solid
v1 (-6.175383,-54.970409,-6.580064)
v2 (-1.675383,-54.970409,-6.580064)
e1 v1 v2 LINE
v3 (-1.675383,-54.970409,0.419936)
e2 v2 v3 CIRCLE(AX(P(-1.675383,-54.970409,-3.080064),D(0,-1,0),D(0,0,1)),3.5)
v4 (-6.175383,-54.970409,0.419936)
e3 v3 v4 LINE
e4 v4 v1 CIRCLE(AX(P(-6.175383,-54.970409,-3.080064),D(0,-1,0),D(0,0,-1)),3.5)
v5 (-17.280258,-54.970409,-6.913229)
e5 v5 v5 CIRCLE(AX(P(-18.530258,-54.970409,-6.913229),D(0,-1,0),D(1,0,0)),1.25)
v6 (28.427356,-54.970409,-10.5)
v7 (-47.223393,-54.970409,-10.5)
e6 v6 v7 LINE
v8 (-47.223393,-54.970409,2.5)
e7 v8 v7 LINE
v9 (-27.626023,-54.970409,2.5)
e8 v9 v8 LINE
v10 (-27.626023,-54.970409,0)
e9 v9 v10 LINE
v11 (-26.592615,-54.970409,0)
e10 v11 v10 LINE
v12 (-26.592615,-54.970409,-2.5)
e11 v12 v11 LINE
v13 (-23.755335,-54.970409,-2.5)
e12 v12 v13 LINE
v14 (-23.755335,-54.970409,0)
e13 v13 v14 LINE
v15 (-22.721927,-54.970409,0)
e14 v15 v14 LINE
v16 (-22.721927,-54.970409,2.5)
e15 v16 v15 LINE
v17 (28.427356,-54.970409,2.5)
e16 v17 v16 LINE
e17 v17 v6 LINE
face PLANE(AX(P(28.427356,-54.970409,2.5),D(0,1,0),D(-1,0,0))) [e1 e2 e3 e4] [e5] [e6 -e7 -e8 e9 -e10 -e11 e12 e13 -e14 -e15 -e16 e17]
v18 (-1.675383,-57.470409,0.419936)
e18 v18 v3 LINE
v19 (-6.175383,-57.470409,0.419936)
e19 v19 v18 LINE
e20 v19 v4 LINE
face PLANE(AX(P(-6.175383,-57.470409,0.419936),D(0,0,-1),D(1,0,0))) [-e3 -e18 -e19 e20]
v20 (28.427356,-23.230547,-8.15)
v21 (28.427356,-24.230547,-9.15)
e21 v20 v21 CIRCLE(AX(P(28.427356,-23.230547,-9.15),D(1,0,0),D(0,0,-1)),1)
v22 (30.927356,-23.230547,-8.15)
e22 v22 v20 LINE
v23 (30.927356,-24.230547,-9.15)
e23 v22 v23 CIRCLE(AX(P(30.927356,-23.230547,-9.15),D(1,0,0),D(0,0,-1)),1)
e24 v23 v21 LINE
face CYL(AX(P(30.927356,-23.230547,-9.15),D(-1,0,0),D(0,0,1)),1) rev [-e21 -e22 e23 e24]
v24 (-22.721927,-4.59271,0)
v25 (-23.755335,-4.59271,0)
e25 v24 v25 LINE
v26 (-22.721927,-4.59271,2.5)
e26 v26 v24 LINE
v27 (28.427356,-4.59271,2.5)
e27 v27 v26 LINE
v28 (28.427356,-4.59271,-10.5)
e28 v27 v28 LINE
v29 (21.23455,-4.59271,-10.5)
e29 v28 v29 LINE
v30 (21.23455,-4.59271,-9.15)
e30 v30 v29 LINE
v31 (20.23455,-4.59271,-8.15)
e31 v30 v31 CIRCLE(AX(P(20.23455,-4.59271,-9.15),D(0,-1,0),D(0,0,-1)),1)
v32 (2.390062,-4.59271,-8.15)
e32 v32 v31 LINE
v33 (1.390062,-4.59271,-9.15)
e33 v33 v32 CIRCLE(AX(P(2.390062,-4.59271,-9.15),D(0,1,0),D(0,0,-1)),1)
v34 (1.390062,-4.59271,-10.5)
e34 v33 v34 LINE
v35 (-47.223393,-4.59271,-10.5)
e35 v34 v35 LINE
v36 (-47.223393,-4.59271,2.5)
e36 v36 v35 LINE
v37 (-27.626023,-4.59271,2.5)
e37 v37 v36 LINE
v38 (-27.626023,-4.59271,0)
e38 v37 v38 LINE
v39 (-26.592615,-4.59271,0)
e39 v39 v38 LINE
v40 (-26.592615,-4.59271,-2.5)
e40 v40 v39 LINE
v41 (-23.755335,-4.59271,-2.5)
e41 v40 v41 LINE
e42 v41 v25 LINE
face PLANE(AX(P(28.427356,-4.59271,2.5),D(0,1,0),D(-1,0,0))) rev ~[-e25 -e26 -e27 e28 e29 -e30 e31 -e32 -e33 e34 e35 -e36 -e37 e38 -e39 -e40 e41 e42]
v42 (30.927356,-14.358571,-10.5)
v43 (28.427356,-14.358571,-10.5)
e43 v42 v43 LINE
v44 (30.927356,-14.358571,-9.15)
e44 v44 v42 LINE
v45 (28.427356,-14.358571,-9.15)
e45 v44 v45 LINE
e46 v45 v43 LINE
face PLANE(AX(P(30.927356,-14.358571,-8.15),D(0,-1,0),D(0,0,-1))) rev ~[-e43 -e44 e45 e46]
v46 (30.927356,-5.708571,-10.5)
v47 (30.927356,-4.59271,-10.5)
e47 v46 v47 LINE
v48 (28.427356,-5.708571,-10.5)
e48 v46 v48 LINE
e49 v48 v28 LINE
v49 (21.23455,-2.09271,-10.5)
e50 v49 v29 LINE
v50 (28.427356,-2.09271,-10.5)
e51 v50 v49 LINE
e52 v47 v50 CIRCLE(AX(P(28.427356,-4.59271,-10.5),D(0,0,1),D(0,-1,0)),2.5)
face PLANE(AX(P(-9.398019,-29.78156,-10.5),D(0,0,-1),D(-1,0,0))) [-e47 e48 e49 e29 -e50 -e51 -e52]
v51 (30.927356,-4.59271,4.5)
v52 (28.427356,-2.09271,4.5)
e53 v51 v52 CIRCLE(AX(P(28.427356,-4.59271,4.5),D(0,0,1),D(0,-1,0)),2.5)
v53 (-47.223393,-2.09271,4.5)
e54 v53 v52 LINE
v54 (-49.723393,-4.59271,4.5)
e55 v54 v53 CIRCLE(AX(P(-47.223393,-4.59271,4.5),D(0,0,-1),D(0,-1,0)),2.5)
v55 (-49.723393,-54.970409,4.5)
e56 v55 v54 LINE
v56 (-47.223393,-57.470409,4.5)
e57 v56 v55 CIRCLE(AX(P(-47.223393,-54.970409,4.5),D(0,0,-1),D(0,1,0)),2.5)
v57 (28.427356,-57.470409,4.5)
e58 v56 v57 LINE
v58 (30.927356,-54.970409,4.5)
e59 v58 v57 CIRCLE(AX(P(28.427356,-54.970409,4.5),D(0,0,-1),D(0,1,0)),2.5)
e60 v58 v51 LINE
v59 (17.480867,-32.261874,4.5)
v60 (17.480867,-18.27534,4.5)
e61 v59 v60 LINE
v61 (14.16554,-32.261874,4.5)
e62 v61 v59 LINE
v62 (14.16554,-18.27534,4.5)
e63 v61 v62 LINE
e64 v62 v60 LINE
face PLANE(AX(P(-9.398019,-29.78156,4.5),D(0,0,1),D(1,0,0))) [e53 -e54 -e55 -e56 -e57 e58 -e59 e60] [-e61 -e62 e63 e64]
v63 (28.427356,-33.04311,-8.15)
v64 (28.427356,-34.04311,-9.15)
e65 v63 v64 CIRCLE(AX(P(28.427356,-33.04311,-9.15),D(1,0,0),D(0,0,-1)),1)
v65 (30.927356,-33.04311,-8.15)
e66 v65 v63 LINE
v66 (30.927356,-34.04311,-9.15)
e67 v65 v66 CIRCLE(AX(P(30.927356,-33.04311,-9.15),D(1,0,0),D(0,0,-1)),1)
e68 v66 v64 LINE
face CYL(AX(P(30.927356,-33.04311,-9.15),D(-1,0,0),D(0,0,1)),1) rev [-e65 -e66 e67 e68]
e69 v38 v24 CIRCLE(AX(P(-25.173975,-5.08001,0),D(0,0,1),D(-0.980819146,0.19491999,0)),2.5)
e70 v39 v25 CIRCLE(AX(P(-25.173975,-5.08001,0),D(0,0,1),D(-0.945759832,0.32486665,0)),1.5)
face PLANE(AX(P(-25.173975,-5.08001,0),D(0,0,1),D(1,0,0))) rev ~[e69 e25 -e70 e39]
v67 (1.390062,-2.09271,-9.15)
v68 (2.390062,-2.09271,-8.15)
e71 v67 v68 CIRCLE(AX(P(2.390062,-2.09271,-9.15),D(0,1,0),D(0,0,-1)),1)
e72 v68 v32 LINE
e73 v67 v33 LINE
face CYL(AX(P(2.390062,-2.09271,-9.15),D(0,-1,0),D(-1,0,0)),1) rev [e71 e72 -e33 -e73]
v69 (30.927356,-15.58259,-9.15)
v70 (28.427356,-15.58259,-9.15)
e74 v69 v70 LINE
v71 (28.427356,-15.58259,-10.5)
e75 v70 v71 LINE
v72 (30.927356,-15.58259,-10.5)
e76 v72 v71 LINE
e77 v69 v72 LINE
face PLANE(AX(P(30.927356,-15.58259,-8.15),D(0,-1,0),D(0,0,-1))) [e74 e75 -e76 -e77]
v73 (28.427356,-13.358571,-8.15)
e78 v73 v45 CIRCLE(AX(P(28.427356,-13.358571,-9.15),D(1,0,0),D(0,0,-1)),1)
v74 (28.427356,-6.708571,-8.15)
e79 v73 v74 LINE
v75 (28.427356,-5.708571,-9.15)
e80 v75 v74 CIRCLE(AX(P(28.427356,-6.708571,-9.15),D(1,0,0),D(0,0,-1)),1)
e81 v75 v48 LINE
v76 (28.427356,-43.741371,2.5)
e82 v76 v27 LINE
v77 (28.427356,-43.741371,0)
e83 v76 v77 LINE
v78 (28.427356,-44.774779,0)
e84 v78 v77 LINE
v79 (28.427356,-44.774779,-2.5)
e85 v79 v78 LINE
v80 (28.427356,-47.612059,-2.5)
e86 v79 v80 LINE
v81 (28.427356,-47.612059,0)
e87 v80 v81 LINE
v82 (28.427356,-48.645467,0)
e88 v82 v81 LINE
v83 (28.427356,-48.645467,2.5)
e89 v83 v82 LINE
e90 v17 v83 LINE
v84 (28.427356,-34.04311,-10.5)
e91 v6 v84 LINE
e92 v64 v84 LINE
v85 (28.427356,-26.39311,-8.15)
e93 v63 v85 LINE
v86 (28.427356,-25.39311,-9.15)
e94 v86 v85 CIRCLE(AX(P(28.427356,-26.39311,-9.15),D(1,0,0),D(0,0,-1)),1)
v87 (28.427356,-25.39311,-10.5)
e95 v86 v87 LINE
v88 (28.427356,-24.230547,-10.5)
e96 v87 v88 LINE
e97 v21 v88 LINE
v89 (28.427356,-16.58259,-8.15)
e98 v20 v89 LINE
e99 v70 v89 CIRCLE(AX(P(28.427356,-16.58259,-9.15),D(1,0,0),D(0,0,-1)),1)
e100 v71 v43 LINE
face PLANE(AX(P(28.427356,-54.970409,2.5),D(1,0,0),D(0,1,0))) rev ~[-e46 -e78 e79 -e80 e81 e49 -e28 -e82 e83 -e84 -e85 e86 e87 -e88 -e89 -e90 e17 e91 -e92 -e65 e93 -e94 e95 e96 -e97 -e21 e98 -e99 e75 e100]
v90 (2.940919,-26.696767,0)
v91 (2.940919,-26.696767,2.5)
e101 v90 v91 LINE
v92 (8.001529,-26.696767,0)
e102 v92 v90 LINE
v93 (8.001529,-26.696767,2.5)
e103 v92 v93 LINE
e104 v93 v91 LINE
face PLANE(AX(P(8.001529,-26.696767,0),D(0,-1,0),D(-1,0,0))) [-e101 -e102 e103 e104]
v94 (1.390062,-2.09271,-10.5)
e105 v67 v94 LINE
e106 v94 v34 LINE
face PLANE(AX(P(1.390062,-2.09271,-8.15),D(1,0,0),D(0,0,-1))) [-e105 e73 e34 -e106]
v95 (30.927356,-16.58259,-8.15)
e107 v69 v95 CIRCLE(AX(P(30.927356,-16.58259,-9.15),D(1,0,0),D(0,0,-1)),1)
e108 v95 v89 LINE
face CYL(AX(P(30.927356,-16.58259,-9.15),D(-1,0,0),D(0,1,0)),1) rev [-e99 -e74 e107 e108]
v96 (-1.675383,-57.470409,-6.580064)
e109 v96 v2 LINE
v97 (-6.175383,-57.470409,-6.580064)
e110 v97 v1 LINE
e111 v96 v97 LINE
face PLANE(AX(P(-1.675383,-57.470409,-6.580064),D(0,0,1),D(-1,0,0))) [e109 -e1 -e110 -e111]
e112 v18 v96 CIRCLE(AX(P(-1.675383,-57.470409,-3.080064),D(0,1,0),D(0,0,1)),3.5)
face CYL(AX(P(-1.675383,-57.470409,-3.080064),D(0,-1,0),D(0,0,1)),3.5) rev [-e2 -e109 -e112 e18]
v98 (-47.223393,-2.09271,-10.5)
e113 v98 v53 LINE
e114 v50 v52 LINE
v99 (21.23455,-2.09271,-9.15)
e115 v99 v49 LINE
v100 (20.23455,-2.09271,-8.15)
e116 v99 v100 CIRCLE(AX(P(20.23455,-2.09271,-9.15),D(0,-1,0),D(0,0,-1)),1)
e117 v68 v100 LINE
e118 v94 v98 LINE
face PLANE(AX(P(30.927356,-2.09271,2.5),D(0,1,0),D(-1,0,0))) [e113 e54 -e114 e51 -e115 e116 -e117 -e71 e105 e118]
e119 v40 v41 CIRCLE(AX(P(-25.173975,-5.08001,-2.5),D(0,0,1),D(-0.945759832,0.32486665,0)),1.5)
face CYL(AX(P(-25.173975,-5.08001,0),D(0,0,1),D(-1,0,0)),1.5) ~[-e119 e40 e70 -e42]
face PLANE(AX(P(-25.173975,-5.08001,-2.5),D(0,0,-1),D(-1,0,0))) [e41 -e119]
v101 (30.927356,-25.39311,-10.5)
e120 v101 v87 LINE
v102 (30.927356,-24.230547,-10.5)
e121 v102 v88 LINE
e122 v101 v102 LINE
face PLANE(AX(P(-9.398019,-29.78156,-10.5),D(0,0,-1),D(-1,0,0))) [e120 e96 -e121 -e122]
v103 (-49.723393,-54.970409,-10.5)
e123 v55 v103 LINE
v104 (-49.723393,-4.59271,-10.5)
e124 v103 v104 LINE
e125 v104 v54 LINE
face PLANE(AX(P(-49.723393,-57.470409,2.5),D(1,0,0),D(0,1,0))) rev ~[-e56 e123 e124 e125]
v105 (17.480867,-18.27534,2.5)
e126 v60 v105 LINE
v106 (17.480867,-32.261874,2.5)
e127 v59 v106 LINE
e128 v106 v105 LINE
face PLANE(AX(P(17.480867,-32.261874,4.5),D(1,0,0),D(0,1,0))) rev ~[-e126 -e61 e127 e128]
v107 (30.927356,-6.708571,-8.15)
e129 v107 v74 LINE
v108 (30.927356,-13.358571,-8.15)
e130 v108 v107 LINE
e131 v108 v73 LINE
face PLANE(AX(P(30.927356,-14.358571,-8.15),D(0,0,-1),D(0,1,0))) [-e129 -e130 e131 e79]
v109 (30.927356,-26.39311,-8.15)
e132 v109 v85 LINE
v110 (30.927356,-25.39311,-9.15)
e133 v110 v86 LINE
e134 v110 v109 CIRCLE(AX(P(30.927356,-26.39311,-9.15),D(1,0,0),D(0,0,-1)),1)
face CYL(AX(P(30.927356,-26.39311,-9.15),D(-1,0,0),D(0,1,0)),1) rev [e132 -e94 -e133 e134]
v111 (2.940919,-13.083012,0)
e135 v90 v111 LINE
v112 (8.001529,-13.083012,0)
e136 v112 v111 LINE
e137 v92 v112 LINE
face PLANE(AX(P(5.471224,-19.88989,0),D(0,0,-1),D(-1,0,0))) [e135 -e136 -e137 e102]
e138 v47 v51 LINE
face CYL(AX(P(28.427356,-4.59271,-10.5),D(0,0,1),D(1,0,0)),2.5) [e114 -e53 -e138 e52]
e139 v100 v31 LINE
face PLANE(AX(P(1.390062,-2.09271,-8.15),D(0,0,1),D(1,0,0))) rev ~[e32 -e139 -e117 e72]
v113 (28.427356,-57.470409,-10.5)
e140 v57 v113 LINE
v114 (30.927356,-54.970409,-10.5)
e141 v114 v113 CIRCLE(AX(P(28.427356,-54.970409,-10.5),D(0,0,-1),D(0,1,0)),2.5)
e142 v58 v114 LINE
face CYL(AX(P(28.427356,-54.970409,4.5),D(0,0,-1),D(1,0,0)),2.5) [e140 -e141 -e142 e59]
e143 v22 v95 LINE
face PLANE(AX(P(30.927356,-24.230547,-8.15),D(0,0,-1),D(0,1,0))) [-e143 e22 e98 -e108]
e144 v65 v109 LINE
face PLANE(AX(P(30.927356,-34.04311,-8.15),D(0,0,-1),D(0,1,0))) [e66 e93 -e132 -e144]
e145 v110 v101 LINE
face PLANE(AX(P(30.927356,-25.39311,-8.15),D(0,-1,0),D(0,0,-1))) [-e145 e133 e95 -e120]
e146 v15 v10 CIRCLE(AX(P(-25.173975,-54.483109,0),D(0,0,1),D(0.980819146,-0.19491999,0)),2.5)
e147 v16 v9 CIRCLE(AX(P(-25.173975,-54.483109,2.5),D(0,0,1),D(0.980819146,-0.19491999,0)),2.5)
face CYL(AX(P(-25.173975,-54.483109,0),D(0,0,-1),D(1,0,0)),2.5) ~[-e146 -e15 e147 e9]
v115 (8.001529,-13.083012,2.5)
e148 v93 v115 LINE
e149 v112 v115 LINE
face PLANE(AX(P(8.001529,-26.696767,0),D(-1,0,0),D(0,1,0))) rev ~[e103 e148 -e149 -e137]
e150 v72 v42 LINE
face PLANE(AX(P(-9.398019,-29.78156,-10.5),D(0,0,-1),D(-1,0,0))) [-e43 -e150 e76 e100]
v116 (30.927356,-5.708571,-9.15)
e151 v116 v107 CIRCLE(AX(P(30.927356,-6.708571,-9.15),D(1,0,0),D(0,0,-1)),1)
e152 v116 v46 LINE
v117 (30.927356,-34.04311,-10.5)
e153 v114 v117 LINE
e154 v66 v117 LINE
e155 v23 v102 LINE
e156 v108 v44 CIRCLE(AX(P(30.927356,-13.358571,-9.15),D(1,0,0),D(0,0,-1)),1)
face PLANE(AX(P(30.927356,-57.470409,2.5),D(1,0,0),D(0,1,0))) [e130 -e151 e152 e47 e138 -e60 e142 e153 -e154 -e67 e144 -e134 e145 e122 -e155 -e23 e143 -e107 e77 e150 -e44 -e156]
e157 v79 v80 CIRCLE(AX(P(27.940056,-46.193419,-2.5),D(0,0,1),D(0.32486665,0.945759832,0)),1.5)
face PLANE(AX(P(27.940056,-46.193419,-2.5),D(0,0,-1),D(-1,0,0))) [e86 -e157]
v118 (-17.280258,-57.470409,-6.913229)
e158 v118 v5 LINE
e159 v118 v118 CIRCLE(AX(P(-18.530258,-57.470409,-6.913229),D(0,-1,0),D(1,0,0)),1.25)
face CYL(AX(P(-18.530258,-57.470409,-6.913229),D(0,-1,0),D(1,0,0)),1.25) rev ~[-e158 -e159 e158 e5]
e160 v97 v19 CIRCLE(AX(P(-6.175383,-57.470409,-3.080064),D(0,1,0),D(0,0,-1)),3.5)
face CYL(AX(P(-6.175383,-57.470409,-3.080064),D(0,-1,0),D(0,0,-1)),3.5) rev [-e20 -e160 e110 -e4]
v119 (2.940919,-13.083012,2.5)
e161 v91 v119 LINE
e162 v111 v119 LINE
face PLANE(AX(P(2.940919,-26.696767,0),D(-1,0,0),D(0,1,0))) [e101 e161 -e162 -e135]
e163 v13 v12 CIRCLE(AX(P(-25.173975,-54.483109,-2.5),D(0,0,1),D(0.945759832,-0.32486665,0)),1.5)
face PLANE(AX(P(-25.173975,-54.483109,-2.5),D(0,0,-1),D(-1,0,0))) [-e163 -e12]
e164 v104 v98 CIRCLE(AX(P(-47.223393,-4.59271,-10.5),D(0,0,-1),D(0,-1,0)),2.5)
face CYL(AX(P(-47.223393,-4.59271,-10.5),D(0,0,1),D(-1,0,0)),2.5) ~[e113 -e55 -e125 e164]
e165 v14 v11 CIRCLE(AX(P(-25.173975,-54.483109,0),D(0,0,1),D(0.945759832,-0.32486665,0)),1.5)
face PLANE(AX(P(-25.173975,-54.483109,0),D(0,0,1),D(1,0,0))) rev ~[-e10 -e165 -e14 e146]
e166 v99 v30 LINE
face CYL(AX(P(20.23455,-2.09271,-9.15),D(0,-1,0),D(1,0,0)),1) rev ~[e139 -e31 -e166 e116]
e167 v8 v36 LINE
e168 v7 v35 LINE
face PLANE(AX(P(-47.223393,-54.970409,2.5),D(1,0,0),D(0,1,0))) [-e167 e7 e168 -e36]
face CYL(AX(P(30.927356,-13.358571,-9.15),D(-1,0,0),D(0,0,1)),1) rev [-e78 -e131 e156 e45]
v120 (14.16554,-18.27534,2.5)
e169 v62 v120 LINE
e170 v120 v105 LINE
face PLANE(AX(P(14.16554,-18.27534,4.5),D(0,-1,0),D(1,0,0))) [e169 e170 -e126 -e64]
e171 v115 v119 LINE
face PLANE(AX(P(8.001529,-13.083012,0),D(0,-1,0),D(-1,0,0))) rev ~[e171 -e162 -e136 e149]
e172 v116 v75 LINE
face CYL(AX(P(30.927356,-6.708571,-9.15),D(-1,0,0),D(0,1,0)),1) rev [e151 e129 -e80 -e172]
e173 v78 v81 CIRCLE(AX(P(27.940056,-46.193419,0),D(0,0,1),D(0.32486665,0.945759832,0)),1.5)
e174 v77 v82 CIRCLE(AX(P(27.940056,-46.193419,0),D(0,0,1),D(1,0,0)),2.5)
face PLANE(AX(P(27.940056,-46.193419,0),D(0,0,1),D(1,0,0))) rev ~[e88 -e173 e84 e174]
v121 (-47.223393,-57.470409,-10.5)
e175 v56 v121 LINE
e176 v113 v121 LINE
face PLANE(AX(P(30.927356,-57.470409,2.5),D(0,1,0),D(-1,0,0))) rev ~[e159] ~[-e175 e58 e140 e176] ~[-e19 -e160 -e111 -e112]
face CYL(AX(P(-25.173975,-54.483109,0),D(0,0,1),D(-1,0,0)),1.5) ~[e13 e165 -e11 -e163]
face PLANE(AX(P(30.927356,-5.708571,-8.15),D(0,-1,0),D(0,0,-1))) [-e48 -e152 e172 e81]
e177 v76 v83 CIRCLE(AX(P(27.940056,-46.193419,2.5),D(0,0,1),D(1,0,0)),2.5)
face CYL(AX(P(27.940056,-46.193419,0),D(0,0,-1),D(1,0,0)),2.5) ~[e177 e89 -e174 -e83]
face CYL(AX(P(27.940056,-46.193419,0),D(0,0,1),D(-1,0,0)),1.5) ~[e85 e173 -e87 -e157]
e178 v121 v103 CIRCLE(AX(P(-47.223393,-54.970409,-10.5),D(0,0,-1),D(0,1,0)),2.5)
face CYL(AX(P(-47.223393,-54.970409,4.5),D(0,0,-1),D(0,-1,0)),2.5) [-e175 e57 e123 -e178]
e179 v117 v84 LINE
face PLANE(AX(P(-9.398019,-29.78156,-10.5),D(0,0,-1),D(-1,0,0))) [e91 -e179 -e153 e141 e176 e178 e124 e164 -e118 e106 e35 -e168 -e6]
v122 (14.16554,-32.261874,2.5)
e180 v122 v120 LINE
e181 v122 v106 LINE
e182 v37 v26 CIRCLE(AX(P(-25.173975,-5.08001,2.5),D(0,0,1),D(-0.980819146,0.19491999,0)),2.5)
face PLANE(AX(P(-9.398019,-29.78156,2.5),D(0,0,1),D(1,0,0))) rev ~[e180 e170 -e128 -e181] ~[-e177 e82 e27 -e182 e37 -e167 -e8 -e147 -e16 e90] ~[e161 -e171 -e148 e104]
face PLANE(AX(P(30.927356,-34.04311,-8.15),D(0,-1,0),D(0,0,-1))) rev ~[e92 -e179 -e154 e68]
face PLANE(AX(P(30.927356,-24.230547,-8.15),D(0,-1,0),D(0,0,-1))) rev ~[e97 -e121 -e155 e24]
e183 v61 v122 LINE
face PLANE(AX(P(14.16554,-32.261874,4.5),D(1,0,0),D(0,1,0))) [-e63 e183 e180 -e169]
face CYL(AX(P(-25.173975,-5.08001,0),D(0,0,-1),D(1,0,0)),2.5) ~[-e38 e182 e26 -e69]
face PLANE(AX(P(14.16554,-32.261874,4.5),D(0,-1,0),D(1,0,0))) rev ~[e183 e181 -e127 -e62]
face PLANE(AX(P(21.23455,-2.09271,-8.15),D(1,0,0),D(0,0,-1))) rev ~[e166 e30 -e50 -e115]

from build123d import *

# Parameters (mm, degrees)
SKETCH_1_R          = 2.5
EXTRUDE_1_DEPTH     = 2.5
EXTRUDE_1_2_DEPTH   = 2.5
EXTRUDE_1_3_DEPTH   = 2.5
SKETCH_2_R          = 1.5
EXTRUDE_2_DEPTH     = 2.5
SKETCH_3_W          = 5.060610533
SKETCH_3_H          = 13.613755096
EXTRUDE_3_DEPTH     = 2.5
SKETCH_4_W          = 80.650749302
SKETCH_4_H          = 55.377698756
EXTRUDE_4_DEPTH     = 2
SKETCH_5_W          = 80.650749302
SKETCH_5_H          = 55.377698756
SKETCH_5_W_2        = 75.650749302
SKETCH_5_H_2        = 50.377698756
EXTRUDE_5_DEPTH     = 13
FILLET_1_R          = 2.5
CUT_EXTRUDE_1_DEPTH = 2.6
SKETCH_8_W          = 3.315326588
SKETCH_8_H          = 13.986534041
CUT_EXTRUDE_2_DEPTH = 2
SKETCH_9_W          = 2.35
SKETCH_9_H          = 8.65
SKETCH_9_H_2        = 8.647957695
CUT_EXTRUDE_3_DEPTH = 3
FILLET_2_R          = 1
SKETCH_10_W         = 19.844488107
SKETCH_10_H         = 2.35
CUT_EXTRUDE_4_DEPTH = 3
FILLET_3_R          = 1
SKETCH_11_R         = 1.25
CUT_EXTRUDE_5_DEPTH = 6.8


with BuildPart() as part:
    # 草图1 → 凸台-拉伸1 (new body)
    with BuildSketch(Plane.XY):
        with Locations((-25.173975108, -5.08001016)):
            Circle(SKETCH_1_R)
    extrude(amount=EXTRUDE_1_DEPTH)



with BuildPart() as body_2:
    # 草图1 → Extrude 1 2 (new body)
    with BuildSketch(Plane.XY):
        with Locations((-25.173975108, -54.483108966)):
            Circle(SKETCH_1_R)
    extrude(amount=EXTRUDE_1_2_DEPTH)


with BuildPart() as body_3:
    # 草图1 → Extrude 1 3 (new body)
    with BuildSketch(Plane.XY):
        with Locations((27.94005588, -46.193418847)):
            Circle(SKETCH_1_R)
    extrude(amount=EXTRUDE_1_3_DEPTH)


with BuildPart() as part_1:
    add(part.part)

    add(body_2.part)  # 凸台-拉伸2 merges body 2

    add(body_3.part)  # 凸台-拉伸2 merges body 3
    # 草图2 → 凸台-拉伸2 (add)
    with BuildSketch(Plane(origin=(0, 0, 0), x_dir=(-1, 0, 0), z_dir=(0, 0, -1))):
        with Locations((25.173975108, -5.08001016)):
            Circle(SKETCH_2_R)
        with Locations((25.173975108, -54.483108966)):
            Circle(SKETCH_2_R)
        with Locations((-27.94005588, -46.193418847)):
            Circle(SKETCH_2_R)
    extrude(amount=EXTRUDE_2_DEPTH)



with BuildPart() as body_2_2:
    # 草图3 → 凸台-拉伸3 (new body)
    with BuildSketch(Plane(origin=(0, 0, 0), x_dir=(-1, 0, 0), z_dir=(0, 0, -1))):
        with Locations((-5.471223868, -19.889889862)):
            Rectangle(SKETCH_3_W, SKETCH_3_H)
    extrude(amount=-EXTRUDE_3_DEPTH)


with BuildPart() as part_2:
    add(part_1.part)

    add(body_2_2.part)  # 凸台-拉伸4 merges body 2 2
    # 草图4 → 凸台-拉伸4 (add)
    with BuildSketch(Plane.XY.offset(2.5)):
        with Locations((-9.398018796, -29.781559563)):
            Rectangle(SKETCH_4_W, SKETCH_4_H)
    extrude(amount=EXTRUDE_4_DEPTH)

    # 草图5 → 凸台-拉伸5 (add)
    with BuildSketch(Plane(origin=(0, 0, 2.5), x_dir=(-1, 0, 0), z_dir=(0, 0, -1))):
        with Locations((9.398018796, -29.781559563)):
            Rectangle(SKETCH_5_W, SKETCH_5_H)
        with Locations((9.398018796, -29.781559563)):
            Rectangle(SKETCH_5_W_2, SKETCH_5_H_2, mode=Mode.SUBTRACT)
    extrude(amount=EXTRUDE_5_DEPTH)

    # 圆角1
    fillet_1_edges = [part_2.edges().sort_by_distance(p)[0] for p in [
        (-49.723393447, -2.092710185, -3),
        (-49.723393447, -57.470408941, -3),
        (30.927355855, -57.470408941, -3),
        (30.927355855, -2.092710185, -3),
    ]]
    fillet(fillet_1_edges, radius=FILLET_1_R)

    # 草图7 → 切除-拉伸1 (cut)
    with BuildSketch(Plane.XZ.offset(57.470408941)):
        with BuildLine():
            Line((-1.675382515, -6.58006372), (-6.175382515, -6.58006372))
            ThreePointArc((-6.175382515, -6.58006372), (-9.675382515, -3.08006372), (-6.175382515, 0.41993628))
            Line((-6.175382515, 0.41993628), (-1.675382515, 0.41993628))
            ThreePointArc((-1.675382515, 0.41993628), (1.824617485, -3.08006372), (-1.675382515, -6.58006372))
        make_face()
    extrude(amount=-CUT_EXTRUDE_1_DEPTH, mode=Mode.SUBTRACT)

    # 草图8 → 切除-拉伸2 (cut)
    with BuildSketch(Plane.XY.offset(4.5)):
        with Locations((15.823203351, -25.268606613)):
            Rectangle(SKETCH_8_W, SKETCH_8_H)
    extrude(amount=-CUT_EXTRUDE_2_DEPTH, mode=Mode.SUBTRACT)

    # 草图9 → 切除-拉伸3 (cut)
    with BuildSketch(Plane(origin=(30.927355855, 0, 0), x_dir=(0, 0, -1), z_dir=(1, 0, 0))):
        with Locations((9.325, -10.033571247)):
            Rectangle(SKETCH_9_W, SKETCH_9_H)
        with Locations((9.325, -19.906568383)):
            Rectangle(SKETCH_9_W, SKETCH_9_H_2)
        with Locations((9.325, -29.718110236)):
            Rectangle(SKETCH_9_W, SKETCH_9_H)
    extrude(amount=-CUT_EXTRUDE_3_DEPTH, mode=Mode.SUBTRACT)

    # 圆角2
    fillet_2_edges = [part_2.edges().sort_by_distance(p)[0] for p in [
        (29.677355855, -14.358571247, -8.15),
        (29.677355855, -5.708571247, -8.15),
        (29.677355855, -24.23054723, -8.15),
        (29.677355855, -15.582589535, -8.15),
        (29.677355855, -34.043110236, -8.15),
        (29.677355855, -25.393110236, -8.15),
    ]]
    fillet(fillet_2_edges, radius=FILLET_2_R)

    # 草图10 → 切除-拉伸4 (cut)
    with BuildSketch(Plane(origin=(0, -2.092710185, 0), x_dir=(1, 0, 0), z_dir=(0, 1, 0))):
        with Locations((11.312306284, 9.325)):
            Rectangle(SKETCH_10_W, SKETCH_10_H)
    extrude(amount=-CUT_EXTRUDE_4_DEPTH, mode=Mode.SUBTRACT)

    # 圆角3
    fillet_3_edges = [part_2.edges().sort_by_distance(p)[0] for p in [
        (21.234550337, -3.342710185, -8.15),
        (1.39006223, -3.342710185, -8.15),
    ]]
    fillet(fillet_3_edges, radius=FILLET_3_R)

    # 草图11 → 切除-拉伸5 (cut)
    with BuildSketch(Plane.XZ.offset(57.470408941)):
        with Locations((-18.53025758, -6.91322852)):
            Circle(SKETCH_11_R)
    extrude(amount=-CUT_EXTRUDE_5_DEPTH, mode=Mode.SUBTRACT)


solid = part_2.part
